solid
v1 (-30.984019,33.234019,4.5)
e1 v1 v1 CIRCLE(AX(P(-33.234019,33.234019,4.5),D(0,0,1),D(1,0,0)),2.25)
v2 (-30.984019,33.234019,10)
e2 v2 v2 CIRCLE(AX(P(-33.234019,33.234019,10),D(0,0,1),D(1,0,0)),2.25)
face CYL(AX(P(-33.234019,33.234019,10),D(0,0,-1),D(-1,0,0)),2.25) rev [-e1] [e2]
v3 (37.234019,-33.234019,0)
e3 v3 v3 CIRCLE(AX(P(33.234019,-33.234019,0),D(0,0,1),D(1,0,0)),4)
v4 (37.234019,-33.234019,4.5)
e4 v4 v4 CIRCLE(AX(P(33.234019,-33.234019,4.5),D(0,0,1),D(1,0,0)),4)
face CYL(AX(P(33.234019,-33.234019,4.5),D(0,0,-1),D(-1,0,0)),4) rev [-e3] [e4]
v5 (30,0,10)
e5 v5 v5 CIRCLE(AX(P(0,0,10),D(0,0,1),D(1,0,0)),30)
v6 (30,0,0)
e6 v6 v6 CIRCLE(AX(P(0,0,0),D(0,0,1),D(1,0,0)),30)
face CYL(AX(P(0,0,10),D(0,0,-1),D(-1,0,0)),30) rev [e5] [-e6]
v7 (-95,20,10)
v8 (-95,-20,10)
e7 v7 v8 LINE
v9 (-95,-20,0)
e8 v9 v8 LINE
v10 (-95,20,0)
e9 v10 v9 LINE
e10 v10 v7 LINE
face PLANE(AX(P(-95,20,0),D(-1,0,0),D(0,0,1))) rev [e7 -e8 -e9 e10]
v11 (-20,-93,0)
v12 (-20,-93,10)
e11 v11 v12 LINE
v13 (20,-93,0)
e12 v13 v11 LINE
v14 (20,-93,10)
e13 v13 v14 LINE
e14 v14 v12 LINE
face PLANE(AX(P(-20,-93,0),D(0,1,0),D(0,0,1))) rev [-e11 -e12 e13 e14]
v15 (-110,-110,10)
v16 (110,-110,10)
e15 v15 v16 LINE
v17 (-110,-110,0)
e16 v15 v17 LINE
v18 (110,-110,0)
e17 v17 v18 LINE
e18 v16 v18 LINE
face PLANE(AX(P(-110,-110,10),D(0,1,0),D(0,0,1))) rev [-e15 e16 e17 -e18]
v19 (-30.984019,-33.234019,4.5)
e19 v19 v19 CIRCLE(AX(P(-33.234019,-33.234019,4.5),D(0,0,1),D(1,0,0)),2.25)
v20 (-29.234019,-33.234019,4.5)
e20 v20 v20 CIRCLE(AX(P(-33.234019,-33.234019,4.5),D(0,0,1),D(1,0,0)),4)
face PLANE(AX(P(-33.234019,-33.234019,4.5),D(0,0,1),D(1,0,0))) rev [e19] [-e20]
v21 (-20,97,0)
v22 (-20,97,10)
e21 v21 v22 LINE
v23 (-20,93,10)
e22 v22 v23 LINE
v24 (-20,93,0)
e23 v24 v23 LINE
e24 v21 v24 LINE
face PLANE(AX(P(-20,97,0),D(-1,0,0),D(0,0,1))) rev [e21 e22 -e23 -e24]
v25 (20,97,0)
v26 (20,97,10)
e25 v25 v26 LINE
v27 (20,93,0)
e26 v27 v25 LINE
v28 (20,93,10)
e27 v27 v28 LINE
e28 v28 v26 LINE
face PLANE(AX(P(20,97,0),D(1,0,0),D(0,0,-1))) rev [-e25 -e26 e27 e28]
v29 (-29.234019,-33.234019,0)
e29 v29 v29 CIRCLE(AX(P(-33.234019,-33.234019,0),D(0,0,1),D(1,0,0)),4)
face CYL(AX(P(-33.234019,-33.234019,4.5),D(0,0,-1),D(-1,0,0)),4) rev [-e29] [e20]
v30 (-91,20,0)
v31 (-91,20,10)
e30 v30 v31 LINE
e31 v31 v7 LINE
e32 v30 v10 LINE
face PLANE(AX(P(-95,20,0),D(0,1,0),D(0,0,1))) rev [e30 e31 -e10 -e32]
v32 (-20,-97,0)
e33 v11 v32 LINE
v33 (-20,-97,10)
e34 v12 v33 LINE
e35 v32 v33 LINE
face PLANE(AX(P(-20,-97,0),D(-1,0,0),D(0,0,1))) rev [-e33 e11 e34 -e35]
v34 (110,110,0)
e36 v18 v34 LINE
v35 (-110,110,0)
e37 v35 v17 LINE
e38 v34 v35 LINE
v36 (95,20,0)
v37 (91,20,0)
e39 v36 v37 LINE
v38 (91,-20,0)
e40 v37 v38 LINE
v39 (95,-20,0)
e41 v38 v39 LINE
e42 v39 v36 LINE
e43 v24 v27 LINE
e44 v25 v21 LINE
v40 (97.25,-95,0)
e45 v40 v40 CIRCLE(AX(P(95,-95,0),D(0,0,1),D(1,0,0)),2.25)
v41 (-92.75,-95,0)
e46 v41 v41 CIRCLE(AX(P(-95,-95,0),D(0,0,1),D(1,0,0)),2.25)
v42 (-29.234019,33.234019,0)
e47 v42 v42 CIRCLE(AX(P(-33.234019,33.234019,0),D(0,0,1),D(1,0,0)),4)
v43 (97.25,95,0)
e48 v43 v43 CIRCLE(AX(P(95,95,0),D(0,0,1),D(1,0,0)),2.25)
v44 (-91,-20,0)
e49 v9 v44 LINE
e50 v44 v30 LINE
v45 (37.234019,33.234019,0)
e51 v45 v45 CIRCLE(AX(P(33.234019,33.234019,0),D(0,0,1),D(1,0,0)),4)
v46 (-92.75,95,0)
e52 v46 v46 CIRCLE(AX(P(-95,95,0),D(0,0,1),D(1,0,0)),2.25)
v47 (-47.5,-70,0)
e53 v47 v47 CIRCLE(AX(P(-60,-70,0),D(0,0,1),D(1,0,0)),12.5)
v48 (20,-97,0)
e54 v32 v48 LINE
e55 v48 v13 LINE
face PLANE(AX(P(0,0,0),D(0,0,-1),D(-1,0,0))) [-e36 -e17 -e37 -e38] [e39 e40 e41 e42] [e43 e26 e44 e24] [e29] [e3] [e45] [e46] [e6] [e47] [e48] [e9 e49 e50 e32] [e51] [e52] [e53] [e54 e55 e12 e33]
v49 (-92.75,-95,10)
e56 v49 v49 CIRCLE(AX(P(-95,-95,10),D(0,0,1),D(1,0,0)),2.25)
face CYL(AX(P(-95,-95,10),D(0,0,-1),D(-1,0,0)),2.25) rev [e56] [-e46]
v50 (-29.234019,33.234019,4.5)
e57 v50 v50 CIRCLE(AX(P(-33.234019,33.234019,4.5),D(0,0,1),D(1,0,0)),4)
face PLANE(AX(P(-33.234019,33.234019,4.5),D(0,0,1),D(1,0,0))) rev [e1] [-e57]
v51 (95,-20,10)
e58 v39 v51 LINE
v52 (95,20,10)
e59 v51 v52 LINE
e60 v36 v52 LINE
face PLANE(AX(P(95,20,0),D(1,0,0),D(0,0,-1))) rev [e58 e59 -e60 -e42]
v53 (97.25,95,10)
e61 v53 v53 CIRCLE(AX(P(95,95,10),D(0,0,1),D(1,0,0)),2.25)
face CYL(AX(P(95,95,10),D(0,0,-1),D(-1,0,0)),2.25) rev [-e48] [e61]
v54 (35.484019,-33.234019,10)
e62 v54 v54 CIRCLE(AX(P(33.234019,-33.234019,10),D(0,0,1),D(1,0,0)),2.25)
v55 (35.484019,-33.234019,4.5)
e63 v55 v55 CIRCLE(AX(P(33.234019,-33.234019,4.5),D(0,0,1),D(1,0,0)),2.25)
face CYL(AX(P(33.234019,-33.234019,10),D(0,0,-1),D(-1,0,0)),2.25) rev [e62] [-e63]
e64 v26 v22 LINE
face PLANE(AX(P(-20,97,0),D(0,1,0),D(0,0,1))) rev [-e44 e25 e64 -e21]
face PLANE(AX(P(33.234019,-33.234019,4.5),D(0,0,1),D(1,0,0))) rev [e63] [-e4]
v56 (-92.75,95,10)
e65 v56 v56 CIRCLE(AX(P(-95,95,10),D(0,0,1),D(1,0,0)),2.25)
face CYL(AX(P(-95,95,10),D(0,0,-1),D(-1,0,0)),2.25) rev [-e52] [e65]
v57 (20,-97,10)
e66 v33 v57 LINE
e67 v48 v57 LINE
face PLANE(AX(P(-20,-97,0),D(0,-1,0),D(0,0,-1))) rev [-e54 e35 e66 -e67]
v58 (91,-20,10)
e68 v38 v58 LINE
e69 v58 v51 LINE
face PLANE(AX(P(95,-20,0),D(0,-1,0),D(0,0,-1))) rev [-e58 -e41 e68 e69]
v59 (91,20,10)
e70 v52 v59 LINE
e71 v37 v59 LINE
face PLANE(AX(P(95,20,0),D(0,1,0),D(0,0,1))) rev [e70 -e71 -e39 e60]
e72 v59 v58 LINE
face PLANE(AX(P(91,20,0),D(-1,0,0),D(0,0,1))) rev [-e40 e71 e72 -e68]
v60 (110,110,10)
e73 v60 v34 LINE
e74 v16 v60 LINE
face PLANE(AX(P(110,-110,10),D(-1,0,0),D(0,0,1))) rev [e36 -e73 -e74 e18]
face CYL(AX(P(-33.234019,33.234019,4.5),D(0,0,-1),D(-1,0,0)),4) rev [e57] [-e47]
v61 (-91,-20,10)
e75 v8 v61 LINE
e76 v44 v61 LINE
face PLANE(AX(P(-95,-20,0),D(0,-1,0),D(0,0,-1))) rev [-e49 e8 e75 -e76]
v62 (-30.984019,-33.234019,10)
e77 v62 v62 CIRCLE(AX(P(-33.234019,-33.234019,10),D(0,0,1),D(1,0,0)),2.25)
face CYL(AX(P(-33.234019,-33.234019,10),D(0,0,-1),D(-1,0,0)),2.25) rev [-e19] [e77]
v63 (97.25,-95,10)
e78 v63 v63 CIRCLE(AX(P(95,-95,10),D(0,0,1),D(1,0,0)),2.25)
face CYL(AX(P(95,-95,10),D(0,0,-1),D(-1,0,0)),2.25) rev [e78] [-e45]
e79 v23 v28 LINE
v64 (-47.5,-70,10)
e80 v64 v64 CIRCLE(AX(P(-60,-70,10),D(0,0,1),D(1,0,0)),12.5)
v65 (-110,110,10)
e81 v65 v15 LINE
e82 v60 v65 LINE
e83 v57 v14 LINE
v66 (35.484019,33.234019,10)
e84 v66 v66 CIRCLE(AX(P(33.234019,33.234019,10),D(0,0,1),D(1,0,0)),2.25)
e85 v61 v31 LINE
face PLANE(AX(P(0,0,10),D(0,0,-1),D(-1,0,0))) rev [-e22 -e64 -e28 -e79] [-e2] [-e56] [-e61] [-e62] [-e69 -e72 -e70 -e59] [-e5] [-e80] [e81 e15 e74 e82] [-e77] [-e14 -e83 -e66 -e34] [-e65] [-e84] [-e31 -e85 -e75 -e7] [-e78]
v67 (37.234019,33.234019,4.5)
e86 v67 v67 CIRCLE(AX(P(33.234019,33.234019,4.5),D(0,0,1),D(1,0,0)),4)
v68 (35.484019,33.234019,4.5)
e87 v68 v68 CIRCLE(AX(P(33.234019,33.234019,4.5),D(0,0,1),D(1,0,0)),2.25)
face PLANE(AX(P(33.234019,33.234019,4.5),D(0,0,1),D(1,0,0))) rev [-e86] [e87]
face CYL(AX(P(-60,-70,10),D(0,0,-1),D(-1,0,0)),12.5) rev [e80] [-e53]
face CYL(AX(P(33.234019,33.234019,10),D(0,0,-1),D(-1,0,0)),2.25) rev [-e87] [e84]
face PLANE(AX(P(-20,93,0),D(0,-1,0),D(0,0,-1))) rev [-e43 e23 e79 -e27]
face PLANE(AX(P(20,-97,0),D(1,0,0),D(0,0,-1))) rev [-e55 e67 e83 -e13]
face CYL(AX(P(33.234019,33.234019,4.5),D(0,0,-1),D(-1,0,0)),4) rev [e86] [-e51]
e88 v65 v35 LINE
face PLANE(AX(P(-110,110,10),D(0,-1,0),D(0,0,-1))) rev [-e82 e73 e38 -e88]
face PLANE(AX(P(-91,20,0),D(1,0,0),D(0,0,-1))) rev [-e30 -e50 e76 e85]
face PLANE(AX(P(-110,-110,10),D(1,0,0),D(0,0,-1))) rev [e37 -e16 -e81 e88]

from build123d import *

# Parameters (mm, degrees)
SK_PLACA_W                         = 220
SK_PLACA_H                         = 220
PLACA_DEPTH                        = 10
SK_PASO_CABLES_R                   = 30
PASO_CABLES_DEPTH                  = 10
SK_PASANTES_M4_PEDESTAL_R          = 2.25
PASANTES_M4_PEDESTAL_DEPTH         = 10
SK_CAJAS_M4_INFERIORES_R           = 4
CAJAS_M4_INFERIORES_DEPTH          = 4.5
SK_PASANTES_M4_SEPARADORES_CAJA_R  = 2.25
PASANTES_M4_SEPARADORES_CAJA_DEPTH = 10
SK_PASO_CABLES_CAJA_R              = 12.5
PASO_CABLES_CAJA_DEPTH             = 10
CROQUIS1_W                         = 40
CROQUIS1_H                         = 4
CROQUIS1_W_2                       = 4
CROQUIS1_H_2                       = 40
CORTAR_EXTRUIR1_DEPTH              = 156.884572681


with BuildPart() as part:
    # Sk_Placa → Placa (new body)
    with BuildSketch(Plane.XY):
        Rectangle(SK_PLACA_W, SK_PLACA_H)
    extrude(amount=PLACA_DEPTH)

    # Sk_Paso_cables → Paso_cables (cut)
    with BuildSketch(Plane.XY):
        Circle(SK_PASO_CABLES_R)
    extrude(amount=PASO_CABLES_DEPTH, mode=Mode.SUBTRACT)

    # Sk_Pasantes_M4_pedestal → Pasantes_M4_pedestal (cut)
    with BuildSketch(Plane.XY):
        with Locations((33.234018716, 33.234018716)):
            Circle(SK_PASANTES_M4_PEDESTAL_R)
        with Locations((-33.234018716, 33.234018716)):
            Circle(SK_PASANTES_M4_PEDESTAL_R)
        with Locations((-33.234018716, -33.234018716)):
            Circle(SK_PASANTES_M4_PEDESTAL_R)
        with Locations((33.234018716, -33.234018716)):
            Circle(SK_PASANTES_M4_PEDESTAL_R)
    extrude(amount=PASANTES_M4_PEDESTAL_DEPTH, mode=Mode.SUBTRACT)

    # Sk_Cajas_M4_inferiores → Cajas_M4_inferiores (cut)
    with BuildSketch(Plane.XY):
        with Locations((33.234018716, 33.234018716)):
            Circle(SK_CAJAS_M4_INFERIORES_R)
        with Locations((-33.234018716, 33.234018716)):
            Circle(SK_CAJAS_M4_INFERIORES_R)
        with Locations((-33.234018716, -33.234018716)):
            Circle(SK_CAJAS_M4_INFERIORES_R)
        with Locations((33.234018716, -33.234018716)):
            Circle(SK_CAJAS_M4_INFERIORES_R)
    extrude(amount=CAJAS_M4_INFERIORES_DEPTH, mode=Mode.SUBTRACT)

    # Sk_Pasantes_M4_separadores_caja → Pasantes_M4_separadores_caja (cut)
    with BuildSketch(Plane.XY):
        with Locations((-95, -95)):
            Circle(SK_PASANTES_M4_SEPARADORES_CAJA_R)
        with Locations((-95, 95)):
            Circle(SK_PASANTES_M4_SEPARADORES_CAJA_R)
        with Locations((95, -95)):
            Circle(SK_PASANTES_M4_SEPARADORES_CAJA_R)
        with Locations((95, 95)):
            Circle(SK_PASANTES_M4_SEPARADORES_CAJA_R)
    extrude(amount=PASANTES_M4_SEPARADORES_CAJA_DEPTH, mode=Mode.SUBTRACT)

    # Sk_Paso_cables_caja → Paso_cables_caja (cut)
    with BuildSketch(Plane.XY):
        with Locations((-60, -70)):
            Circle(SK_PASO_CABLES_CAJA_R)
    extrude(amount=PASO_CABLES_CAJA_DEPTH, mode=Mode.SUBTRACT)

    # Croquis1 → Cortar-Extruir1 (cut, through all)
    with BuildSketch(Plane.XY.offset(10)):
        with Locations((0, -95)):
            Rectangle(CROQUIS1_W, CROQUIS1_H)
        with Locations((0, 95)):
            Rectangle(CROQUIS1_W, CROQUIS1_H)
        with Locations((93, 0)):
            Rectangle(CROQUIS1_W_2, CROQUIS1_H_2)
        with Locations((-93, 0)):
            Rectangle(CROQUIS1_W_2, CROQUIS1_H_2)
    extrude(amount=-CORTAR_EXTRUIR1_DEPTH, mode=Mode.SUBTRACT)


solid = part.part
